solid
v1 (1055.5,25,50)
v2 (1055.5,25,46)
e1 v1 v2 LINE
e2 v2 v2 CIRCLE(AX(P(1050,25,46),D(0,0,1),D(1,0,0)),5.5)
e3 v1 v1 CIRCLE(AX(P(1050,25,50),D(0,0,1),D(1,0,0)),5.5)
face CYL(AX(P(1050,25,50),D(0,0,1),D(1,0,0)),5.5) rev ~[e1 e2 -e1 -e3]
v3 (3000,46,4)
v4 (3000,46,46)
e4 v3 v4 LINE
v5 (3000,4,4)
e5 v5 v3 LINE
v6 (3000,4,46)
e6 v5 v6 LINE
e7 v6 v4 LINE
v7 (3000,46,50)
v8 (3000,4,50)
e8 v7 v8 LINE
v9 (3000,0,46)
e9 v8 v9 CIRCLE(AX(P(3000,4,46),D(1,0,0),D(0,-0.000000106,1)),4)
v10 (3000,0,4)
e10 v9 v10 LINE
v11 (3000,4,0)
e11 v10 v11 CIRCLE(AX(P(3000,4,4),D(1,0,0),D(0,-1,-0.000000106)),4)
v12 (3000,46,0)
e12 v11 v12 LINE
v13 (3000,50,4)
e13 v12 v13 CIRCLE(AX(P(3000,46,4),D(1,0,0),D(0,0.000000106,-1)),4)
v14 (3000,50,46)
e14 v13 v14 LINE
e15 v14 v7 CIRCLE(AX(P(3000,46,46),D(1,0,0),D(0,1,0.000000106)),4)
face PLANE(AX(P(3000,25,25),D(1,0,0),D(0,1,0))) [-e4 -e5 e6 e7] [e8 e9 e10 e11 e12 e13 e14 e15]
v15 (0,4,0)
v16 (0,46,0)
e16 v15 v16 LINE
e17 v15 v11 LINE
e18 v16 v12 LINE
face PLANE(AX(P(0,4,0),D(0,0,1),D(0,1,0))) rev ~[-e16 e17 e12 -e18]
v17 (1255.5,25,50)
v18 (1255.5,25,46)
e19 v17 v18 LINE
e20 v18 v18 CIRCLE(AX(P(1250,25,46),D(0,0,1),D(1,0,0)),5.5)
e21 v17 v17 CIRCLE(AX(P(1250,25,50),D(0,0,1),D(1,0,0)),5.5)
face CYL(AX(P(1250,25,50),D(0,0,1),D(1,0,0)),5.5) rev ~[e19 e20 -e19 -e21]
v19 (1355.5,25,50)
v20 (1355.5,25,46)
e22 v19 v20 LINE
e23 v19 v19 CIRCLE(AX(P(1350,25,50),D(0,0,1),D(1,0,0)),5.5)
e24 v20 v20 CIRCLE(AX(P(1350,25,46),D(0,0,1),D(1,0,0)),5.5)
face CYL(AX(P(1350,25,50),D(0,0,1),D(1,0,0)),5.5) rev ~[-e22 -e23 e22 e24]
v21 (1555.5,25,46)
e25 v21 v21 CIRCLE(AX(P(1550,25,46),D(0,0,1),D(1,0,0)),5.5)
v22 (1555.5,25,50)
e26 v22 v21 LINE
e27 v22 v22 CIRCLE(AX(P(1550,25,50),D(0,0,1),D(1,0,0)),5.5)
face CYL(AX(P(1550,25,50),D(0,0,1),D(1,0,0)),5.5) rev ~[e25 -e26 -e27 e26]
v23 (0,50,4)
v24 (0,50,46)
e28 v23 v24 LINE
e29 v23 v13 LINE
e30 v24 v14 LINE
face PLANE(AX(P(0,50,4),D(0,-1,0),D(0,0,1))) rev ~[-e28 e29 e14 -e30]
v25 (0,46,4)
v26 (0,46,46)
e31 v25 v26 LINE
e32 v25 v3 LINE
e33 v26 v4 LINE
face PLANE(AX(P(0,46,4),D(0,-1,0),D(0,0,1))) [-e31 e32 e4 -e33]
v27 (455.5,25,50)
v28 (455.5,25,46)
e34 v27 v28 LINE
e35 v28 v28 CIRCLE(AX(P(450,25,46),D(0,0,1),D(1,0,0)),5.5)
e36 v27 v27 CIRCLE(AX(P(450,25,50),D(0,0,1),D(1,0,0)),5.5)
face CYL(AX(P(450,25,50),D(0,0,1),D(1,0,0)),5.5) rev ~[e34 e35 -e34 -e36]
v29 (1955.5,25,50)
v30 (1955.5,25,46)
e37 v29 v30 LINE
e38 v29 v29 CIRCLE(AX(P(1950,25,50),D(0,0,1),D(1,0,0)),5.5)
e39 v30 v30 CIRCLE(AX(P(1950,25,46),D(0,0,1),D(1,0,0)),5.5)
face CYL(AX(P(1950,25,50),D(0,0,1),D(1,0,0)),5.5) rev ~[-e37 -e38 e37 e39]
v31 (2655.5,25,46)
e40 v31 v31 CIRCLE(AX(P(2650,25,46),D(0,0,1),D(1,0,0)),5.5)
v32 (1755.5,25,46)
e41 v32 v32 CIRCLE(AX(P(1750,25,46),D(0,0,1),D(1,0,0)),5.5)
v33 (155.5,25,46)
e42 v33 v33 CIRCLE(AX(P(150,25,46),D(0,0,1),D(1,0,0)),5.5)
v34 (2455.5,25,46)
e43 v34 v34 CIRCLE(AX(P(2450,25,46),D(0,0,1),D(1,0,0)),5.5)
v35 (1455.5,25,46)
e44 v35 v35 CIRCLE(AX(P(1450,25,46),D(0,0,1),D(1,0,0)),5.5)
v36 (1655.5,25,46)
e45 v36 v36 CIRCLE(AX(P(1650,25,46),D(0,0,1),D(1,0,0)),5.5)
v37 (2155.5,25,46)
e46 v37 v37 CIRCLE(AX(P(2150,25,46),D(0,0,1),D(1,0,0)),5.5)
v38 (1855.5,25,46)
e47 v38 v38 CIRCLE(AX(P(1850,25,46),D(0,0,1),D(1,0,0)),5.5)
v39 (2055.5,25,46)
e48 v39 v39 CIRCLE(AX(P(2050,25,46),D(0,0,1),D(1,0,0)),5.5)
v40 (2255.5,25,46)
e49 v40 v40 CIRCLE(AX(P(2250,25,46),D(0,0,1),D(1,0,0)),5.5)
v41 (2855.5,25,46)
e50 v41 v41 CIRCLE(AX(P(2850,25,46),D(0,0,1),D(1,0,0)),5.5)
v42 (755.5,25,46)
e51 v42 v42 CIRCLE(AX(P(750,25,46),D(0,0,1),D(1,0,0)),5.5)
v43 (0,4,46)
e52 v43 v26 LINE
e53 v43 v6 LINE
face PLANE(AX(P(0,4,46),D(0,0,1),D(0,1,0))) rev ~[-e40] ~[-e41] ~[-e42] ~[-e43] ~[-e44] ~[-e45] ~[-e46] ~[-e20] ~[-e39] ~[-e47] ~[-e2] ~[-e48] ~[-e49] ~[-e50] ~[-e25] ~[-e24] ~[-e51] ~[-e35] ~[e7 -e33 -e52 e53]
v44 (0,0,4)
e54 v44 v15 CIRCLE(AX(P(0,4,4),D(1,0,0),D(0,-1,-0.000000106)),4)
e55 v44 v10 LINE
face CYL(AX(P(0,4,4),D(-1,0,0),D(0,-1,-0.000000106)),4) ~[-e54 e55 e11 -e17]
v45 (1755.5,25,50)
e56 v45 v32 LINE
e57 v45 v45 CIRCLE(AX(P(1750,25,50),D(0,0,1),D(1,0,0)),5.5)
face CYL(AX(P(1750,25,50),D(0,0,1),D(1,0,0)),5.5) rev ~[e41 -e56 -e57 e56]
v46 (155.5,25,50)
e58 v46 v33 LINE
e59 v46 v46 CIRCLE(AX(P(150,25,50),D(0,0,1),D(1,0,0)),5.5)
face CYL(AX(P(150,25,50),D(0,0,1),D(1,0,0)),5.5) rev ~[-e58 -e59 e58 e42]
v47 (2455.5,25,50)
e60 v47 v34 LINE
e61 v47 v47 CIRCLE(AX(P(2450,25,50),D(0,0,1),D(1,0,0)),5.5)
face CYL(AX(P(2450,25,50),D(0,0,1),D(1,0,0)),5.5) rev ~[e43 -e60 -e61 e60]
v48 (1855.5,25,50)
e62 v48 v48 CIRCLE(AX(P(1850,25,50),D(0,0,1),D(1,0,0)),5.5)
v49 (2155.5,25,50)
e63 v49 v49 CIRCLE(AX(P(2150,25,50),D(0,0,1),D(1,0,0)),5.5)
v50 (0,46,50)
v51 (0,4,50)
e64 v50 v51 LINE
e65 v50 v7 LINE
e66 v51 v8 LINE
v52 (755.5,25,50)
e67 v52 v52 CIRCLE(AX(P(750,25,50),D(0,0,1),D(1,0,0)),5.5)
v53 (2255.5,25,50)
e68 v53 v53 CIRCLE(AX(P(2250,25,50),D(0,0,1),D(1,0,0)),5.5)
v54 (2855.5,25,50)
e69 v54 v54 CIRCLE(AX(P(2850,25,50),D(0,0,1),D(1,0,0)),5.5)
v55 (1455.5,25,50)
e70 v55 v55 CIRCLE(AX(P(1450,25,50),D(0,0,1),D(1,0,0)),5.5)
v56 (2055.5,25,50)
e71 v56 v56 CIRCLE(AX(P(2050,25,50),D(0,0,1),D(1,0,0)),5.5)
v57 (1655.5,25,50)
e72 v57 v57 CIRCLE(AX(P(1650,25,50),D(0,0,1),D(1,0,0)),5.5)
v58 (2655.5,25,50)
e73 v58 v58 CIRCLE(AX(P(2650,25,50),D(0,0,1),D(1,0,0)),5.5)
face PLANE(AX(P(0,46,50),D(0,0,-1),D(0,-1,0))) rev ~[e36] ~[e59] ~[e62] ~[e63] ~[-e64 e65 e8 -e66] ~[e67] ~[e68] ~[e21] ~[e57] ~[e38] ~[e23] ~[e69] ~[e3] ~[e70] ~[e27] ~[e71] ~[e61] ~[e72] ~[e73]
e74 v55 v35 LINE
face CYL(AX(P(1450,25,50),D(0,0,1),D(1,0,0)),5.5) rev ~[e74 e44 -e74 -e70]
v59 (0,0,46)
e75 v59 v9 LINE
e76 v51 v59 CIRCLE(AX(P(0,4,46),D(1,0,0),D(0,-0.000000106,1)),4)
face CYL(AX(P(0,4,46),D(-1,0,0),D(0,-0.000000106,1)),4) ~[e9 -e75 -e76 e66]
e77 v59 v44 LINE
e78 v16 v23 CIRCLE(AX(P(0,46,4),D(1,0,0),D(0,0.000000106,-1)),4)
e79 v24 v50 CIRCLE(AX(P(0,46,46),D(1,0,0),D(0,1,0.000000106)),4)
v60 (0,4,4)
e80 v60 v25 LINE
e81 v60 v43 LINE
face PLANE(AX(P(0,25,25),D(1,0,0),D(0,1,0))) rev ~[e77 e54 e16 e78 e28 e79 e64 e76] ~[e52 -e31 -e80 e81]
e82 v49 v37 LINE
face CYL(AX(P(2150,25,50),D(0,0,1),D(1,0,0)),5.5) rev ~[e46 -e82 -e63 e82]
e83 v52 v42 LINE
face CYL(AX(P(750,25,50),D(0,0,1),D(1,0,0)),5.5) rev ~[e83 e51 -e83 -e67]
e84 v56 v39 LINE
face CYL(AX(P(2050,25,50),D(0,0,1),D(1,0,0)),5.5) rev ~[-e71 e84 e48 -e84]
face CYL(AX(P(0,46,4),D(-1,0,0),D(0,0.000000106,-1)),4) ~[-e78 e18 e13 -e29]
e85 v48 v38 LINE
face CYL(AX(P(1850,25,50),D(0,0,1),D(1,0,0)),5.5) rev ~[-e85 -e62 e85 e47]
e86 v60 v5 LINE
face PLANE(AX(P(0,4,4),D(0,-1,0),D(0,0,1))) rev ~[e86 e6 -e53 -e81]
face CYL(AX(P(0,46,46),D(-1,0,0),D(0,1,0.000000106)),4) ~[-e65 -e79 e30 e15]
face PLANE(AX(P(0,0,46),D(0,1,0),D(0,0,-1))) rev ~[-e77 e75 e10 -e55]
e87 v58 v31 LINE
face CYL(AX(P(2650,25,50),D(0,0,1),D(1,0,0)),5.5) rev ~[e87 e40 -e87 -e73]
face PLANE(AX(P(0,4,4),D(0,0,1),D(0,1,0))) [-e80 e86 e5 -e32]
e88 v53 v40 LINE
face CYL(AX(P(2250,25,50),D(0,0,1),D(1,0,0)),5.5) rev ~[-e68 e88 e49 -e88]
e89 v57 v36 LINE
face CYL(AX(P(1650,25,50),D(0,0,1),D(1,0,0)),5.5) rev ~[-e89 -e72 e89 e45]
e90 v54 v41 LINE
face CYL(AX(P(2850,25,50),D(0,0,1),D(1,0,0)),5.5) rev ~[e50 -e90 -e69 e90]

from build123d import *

# Parameters (mm, degrees)
F0_W     = 42
F0_H     = 42
F1_DEPTH = 3000
F2_R     = 5.5
F3_DEPTH = 25


with BuildPart() as f1:
    # F0 (on Right) → F1 (new body)
    with BuildSketch(Plane.YZ):
        with BuildLine():
            ThreePointArc((0, 4), (1.171573, 1.171573), (4, 0))
            Line((4, 0), (46, 0))
            ThreePointArc((46, 0), (48.828427, 1.171573), (50, 4))
            Line((50, 4), (50, 46))
            ThreePointArc((50, 46), (48.828427, 48.828427), (46, 50))
            Line((46, 50), (4, 50))
            ThreePointArc((4, 50), (1.171573, 48.828427), (0, 46))
            Line((0, 46), (0, 4))
        make_face()
        with Locations((25, 25)):
            Rectangle(F0_W, F0_H, mode=Mode.SUBTRACT)
    extrude(amount=F1_DEPTH)

    # F2 (on face) → F3 (cut)
    with BuildSketch(Plane.XY.offset(50)):
        with Locations((150, 25)):
            Circle(F2_R)
        with Locations((450, 25)):
            Circle(F2_R)
        with Locations((750, 25)):
            Circle(F2_R)
        with Locations((1050, 25)):
            Circle(F2_R)
        with Locations((1250, 25)):
            Circle(F2_R)
        with Locations((1350, 25)):
            Circle(F2_R)
        with Locations((1550, 25)):
            Circle(F2_R)
        with Locations((1450, 25)):
            Circle(F2_R)
        with Locations((1650, 25)):
            Circle(F2_R)
        with Locations((1750, 25)):
            Circle(F2_R)
        with Locations((1850, 25)):
            Circle(F2_R)
        with Locations((1950, 25)):
            Circle(F2_R)
        with Locations((2050, 25)):
            Circle(F2_R)
        with Locations((2150, 25)):
            Circle(F2_R)
        with Locations((2250, 25)):
            Circle(F2_R)
        with Locations((2450, 25)):
            Circle(F2_R)
        with Locations((2650, 25)):
            Circle(F2_R)
        with Locations((2850, 25)):
            Circle(F2_R)
    extrude(amount=-F3_DEPTH, mode=Mode.SUBTRACT)


solid = f1.part
